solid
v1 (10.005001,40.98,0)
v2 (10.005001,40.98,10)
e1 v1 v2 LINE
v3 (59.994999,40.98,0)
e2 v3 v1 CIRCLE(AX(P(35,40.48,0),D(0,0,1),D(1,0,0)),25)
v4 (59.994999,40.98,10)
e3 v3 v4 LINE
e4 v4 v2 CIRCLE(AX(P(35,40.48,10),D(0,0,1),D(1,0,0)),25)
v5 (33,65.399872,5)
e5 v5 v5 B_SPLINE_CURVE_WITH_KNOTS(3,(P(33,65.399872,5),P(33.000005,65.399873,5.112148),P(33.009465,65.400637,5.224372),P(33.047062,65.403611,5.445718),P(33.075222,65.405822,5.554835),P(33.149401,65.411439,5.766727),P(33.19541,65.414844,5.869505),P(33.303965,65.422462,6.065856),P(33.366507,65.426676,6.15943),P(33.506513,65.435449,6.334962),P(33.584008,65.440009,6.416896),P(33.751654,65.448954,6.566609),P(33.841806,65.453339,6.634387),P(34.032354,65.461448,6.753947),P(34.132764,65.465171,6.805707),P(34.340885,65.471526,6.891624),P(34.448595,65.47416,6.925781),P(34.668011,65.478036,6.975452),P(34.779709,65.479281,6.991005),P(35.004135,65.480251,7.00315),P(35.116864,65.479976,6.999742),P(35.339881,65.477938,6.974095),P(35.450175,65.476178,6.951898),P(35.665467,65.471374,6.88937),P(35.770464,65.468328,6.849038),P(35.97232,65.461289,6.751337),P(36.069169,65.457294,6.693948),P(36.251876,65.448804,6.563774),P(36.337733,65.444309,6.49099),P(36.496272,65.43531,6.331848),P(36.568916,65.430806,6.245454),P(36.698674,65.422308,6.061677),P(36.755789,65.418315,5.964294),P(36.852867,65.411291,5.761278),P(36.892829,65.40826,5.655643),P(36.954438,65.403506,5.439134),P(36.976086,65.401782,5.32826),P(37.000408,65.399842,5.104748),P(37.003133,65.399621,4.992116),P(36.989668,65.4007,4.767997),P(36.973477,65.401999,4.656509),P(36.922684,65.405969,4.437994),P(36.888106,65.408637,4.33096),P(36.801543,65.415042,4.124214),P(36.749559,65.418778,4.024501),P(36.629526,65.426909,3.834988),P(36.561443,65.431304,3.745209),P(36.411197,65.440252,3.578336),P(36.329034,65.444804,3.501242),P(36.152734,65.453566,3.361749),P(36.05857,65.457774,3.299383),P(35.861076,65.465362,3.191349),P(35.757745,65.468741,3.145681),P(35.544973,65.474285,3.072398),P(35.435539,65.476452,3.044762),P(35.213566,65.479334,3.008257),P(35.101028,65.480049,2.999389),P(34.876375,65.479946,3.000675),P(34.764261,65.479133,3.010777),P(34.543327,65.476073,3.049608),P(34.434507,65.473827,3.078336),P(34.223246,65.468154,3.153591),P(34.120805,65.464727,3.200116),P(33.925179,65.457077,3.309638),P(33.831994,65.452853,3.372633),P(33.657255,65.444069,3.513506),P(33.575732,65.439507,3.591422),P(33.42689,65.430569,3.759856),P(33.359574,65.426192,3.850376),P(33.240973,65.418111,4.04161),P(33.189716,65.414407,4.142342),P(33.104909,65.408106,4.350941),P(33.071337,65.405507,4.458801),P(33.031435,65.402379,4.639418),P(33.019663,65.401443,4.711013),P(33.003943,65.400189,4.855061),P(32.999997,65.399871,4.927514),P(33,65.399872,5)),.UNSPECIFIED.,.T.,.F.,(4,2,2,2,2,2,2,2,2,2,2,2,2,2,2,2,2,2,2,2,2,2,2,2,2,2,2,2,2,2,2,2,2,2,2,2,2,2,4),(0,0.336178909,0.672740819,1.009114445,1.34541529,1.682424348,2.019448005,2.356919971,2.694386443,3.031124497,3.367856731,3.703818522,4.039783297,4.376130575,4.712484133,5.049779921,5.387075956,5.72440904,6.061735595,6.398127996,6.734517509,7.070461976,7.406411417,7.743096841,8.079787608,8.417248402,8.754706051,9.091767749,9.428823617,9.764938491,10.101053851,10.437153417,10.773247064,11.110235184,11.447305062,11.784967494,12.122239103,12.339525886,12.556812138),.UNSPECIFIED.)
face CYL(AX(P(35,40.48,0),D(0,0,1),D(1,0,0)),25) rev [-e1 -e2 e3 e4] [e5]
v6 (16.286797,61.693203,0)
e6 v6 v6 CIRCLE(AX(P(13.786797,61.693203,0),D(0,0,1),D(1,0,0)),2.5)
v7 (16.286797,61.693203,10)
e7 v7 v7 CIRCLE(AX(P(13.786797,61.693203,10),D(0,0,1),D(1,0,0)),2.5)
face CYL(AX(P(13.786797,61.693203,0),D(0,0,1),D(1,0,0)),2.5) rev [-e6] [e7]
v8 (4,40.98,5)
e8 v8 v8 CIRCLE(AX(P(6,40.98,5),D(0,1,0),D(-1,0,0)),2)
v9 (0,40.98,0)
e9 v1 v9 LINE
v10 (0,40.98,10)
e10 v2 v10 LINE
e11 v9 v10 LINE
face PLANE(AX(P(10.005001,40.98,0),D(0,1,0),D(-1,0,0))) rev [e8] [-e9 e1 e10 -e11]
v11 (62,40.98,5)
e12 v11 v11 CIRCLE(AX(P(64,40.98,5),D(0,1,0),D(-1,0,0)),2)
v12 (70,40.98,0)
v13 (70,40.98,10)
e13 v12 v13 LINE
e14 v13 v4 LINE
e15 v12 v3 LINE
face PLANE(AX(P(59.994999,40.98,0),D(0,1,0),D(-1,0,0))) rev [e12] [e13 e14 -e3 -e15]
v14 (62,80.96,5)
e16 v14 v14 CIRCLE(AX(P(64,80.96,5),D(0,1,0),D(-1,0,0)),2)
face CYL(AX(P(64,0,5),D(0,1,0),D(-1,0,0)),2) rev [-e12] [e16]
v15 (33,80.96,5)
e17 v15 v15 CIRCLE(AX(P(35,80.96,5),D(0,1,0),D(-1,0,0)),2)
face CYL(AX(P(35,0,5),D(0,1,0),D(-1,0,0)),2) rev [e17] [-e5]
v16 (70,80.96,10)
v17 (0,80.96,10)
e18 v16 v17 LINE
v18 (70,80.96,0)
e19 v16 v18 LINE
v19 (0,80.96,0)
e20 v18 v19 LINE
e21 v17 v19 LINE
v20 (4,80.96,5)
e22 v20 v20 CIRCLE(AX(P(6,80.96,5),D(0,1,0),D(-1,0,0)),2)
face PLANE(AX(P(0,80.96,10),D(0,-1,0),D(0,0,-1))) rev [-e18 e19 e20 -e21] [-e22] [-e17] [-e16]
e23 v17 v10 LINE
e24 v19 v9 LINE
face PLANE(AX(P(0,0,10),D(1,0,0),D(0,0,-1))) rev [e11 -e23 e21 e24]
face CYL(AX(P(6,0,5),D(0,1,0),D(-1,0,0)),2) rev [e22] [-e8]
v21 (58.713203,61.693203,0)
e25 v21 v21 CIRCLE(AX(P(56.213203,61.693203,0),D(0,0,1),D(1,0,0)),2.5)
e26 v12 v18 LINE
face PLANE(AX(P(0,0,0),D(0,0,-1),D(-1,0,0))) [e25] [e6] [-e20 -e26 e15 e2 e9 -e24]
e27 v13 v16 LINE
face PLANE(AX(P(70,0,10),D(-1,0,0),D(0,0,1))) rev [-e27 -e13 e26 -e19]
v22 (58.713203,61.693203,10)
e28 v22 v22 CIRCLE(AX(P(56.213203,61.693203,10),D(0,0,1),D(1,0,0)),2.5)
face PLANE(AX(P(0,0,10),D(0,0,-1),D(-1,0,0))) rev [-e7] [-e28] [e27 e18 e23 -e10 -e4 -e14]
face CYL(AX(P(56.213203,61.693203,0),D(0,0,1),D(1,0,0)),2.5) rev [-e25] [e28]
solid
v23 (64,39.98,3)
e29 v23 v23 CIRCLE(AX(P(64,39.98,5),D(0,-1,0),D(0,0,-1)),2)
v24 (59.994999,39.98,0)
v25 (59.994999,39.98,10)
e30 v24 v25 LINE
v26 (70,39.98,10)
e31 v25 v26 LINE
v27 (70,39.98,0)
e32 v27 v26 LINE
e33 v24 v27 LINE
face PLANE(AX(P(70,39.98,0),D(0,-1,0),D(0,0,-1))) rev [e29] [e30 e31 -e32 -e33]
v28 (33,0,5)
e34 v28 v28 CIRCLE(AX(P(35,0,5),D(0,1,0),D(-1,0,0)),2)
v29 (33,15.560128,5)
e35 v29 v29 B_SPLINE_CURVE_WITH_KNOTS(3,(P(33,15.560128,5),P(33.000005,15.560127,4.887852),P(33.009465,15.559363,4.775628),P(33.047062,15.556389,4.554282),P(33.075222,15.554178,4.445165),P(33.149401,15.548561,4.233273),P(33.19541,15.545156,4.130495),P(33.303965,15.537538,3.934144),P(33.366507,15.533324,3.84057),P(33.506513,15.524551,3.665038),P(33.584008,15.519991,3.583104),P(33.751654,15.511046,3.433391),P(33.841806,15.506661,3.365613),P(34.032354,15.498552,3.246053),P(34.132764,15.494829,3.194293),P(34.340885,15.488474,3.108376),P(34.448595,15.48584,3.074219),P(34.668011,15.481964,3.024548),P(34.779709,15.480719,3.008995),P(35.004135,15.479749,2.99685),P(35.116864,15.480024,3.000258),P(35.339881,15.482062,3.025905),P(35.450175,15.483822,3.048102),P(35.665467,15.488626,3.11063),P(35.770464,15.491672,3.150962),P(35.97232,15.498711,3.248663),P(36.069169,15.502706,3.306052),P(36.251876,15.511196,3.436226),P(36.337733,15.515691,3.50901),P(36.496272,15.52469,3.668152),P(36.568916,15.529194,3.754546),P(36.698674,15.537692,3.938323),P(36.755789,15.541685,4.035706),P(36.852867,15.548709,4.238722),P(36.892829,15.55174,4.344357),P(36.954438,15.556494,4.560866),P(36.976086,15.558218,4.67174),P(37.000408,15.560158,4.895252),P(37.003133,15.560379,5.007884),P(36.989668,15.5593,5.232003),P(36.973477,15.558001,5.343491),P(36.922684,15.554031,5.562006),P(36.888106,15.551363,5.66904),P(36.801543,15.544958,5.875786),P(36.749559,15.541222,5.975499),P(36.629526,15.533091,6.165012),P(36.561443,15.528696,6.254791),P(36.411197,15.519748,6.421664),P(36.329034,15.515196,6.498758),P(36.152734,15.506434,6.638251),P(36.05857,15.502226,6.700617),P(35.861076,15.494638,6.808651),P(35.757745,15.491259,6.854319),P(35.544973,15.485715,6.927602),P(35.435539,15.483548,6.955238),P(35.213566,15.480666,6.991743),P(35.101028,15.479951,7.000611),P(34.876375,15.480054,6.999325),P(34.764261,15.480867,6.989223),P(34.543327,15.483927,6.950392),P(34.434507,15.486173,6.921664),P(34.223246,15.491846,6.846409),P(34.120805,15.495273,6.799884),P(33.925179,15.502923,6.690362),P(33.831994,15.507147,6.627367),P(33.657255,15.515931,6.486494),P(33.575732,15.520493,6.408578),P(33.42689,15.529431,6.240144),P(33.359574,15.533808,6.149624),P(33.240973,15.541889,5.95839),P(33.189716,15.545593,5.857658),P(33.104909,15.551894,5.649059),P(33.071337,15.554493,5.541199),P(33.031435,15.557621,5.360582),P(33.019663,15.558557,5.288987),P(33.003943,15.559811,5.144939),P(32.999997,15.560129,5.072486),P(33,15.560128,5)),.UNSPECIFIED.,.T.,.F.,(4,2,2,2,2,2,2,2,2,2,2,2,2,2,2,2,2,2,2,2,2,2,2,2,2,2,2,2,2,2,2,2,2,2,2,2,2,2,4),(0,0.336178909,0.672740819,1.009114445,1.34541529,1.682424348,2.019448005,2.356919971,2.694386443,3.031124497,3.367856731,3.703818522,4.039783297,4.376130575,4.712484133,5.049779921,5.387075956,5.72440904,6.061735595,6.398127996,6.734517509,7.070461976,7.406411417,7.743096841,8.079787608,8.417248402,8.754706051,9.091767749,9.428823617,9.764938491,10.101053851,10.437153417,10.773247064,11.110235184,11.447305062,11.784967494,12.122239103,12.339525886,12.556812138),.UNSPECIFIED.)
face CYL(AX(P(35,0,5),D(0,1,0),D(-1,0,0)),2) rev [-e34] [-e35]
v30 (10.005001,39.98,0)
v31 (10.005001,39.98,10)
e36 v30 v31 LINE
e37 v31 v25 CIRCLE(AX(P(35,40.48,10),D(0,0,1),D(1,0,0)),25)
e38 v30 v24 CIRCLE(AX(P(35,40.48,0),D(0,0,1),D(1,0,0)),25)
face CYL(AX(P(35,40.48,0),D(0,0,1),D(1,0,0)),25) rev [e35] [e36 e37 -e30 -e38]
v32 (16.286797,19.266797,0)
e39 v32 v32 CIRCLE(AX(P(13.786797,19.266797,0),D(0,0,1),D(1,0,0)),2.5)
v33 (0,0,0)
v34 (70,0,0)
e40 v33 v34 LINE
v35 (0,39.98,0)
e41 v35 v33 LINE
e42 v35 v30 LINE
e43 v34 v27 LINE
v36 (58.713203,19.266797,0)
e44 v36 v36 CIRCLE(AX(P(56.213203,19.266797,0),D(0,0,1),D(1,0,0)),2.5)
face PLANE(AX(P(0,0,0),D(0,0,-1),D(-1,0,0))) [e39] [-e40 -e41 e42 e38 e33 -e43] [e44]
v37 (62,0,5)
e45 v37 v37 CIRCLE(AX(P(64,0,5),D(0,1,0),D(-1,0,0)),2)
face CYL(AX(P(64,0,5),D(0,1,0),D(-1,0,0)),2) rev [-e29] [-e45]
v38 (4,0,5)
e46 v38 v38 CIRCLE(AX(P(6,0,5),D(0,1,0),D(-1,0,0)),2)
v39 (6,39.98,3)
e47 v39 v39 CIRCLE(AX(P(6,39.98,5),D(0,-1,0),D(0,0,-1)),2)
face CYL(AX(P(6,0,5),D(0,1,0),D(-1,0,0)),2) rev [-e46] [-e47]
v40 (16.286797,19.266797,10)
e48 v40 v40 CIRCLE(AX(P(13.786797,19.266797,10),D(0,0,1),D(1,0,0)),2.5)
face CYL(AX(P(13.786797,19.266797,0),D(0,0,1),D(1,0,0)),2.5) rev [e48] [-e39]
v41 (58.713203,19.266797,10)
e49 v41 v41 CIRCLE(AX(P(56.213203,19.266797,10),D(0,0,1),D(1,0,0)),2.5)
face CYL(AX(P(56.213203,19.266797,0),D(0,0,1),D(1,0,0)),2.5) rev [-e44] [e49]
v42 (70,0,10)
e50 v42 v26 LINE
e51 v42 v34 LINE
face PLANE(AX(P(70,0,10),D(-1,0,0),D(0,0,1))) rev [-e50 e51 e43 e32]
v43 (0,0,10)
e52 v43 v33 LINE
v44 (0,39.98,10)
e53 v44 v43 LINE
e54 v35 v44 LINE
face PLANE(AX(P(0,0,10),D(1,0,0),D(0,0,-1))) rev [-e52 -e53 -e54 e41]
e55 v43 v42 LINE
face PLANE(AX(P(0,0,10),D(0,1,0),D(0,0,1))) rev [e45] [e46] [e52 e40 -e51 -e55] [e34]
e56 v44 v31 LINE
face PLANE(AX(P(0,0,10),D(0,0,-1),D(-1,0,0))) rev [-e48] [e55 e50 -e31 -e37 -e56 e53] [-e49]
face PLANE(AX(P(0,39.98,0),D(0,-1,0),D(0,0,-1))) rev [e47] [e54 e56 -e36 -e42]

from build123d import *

# Parameters (mm, degrees)
SKETCH1_W           = 70
SKETCH1_H           = 80.96
BOSS_EXTRUDE1_DEPTH = 10
CUT_EXTRUDE1_DEPTH  = 10
SKETCH3_R           = 2
CUT_EXTRUDE2_DEPTH  = 108.49196063
SKETCH6_R           = 2.5
CUT_EXTRUDE3_DEPTH  = 108.491960714


with BuildPart() as part:
    # Sketch1 → Boss-Extrude1 (new body)
    with BuildSketch(Plane.XY):
        with Locations((35, 40.48)):
            Rectangle(SKETCH1_W, SKETCH1_H)
    extrude(amount=BOSS_EXTRUDE1_DEPTH)

    # Sketch2 → Cut-Extrude1 (cut)
    with BuildSketch(Plane.XY.offset(10)):
        with BuildLine():
            Line((10.0050005, 40.98), (0, 40.98))
            Line((0, 40.98), (0, 39.98))
            Line((0, 39.98), (10.0050005, 39.98))
            ThreePointArc((10.0050005, 39.98), (35, 15.48), (59.9949995, 39.98))
            Line((59.9949995, 39.98), (70, 39.98))
            Line((70, 39.98), (70, 40.98))
            Line((70, 40.98), (59.9949995, 40.98))
            ThreePointArc((59.9949995, 40.98), (35, 65.48), (10.0050005, 40.98))
        make_face()
    extrude(amount=-CUT_EXTRUDE1_DEPTH, mode=Mode.SUBTRACT)


with BuildPart() as cut_extrude1_piece_1:
    # of the separate pieces the step leaves, piece 1, a body of its own (cut_extrude1_pieces)
    add(part.part.solids().sort_by_distance((0, 0, 0))[0])


with BuildPart() as cut_extrude1_piece_2:
    # of the separate pieces the step leaves, piece 2, a body of its own (cut_extrude1_pieces)
    add(part.part.solids().sort_by_distance((0, 80.96, 0))[0])


with BuildPart() as cut_extrude2_tool:
    # Sketch3 → Cut-Extrude2 (new, through all)
    with BuildSketch(Plane(origin=(0, 80.96, 0), x_dir=(1, 0, 0), z_dir=(0, 1, 0))):
        with Locations(Location((6, -5, 0), (0, 0, 180))):
            Circle(SKETCH3_R)
        with Locations(Location((64, -5, 0), (0, 0, 180))):
            Circle(SKETCH3_R)
        with Locations(Location((35, -5, 0), (0, 0, 180))):
            Circle(SKETCH3_R)
    extrude(amount=-CUT_EXTRUDE2_DEPTH)


with BuildPart() as cut_extrude1_piece_1_1:
    add(cut_extrude1_piece_1.part)

    # Cut-Extrude2: cut by cut_extrude2_tool
    add(cut_extrude2_tool.part, mode=Mode.SUBTRACT)


with BuildPart() as cut_extrude1_piece_2_1:
    add(cut_extrude1_piece_2.part)

    # Cut-Extrude2: cut by cut_extrude2_tool
    add(cut_extrude2_tool.part, mode=Mode.SUBTRACT)


with BuildPart() as cut_extrude3_tool:
    # Sketch6 → Cut-Extrude3 (new, through all)
    with BuildSketch(Plane.XY.offset(10)):
        with Locations((13.786796564, 61.693203436)):
            Circle(SKETCH6_R)
        with Locations((13.786796564, 19.266796564)):
            Circle(SKETCH6_R)
        with Locations((56.213203436, 19.266796564)):
            Circle(SKETCH6_R)
        with Locations((56.213203436, 61.693203436)):
            Circle(SKETCH6_R)
    extrude(amount=-CUT_EXTRUDE3_DEPTH)


with BuildPart() as cut_extrude1_piece_1_2:
    add(cut_extrude1_piece_1_1.part)

    # Cut-Extrude3: cut by cut_extrude3_tool
    add(cut_extrude3_tool.part, mode=Mode.SUBTRACT)


with BuildPart() as cut_extrude1_piece_2_2:
    add(cut_extrude1_piece_2_1.part)

    # Cut-Extrude3: cut by cut_extrude3_tool
    add(cut_extrude3_tool.part, mode=Mode.SUBTRACT)


solid = Compound([cut_extrude1_piece_1_2.part, cut_extrude1_piece_2_2.part])
